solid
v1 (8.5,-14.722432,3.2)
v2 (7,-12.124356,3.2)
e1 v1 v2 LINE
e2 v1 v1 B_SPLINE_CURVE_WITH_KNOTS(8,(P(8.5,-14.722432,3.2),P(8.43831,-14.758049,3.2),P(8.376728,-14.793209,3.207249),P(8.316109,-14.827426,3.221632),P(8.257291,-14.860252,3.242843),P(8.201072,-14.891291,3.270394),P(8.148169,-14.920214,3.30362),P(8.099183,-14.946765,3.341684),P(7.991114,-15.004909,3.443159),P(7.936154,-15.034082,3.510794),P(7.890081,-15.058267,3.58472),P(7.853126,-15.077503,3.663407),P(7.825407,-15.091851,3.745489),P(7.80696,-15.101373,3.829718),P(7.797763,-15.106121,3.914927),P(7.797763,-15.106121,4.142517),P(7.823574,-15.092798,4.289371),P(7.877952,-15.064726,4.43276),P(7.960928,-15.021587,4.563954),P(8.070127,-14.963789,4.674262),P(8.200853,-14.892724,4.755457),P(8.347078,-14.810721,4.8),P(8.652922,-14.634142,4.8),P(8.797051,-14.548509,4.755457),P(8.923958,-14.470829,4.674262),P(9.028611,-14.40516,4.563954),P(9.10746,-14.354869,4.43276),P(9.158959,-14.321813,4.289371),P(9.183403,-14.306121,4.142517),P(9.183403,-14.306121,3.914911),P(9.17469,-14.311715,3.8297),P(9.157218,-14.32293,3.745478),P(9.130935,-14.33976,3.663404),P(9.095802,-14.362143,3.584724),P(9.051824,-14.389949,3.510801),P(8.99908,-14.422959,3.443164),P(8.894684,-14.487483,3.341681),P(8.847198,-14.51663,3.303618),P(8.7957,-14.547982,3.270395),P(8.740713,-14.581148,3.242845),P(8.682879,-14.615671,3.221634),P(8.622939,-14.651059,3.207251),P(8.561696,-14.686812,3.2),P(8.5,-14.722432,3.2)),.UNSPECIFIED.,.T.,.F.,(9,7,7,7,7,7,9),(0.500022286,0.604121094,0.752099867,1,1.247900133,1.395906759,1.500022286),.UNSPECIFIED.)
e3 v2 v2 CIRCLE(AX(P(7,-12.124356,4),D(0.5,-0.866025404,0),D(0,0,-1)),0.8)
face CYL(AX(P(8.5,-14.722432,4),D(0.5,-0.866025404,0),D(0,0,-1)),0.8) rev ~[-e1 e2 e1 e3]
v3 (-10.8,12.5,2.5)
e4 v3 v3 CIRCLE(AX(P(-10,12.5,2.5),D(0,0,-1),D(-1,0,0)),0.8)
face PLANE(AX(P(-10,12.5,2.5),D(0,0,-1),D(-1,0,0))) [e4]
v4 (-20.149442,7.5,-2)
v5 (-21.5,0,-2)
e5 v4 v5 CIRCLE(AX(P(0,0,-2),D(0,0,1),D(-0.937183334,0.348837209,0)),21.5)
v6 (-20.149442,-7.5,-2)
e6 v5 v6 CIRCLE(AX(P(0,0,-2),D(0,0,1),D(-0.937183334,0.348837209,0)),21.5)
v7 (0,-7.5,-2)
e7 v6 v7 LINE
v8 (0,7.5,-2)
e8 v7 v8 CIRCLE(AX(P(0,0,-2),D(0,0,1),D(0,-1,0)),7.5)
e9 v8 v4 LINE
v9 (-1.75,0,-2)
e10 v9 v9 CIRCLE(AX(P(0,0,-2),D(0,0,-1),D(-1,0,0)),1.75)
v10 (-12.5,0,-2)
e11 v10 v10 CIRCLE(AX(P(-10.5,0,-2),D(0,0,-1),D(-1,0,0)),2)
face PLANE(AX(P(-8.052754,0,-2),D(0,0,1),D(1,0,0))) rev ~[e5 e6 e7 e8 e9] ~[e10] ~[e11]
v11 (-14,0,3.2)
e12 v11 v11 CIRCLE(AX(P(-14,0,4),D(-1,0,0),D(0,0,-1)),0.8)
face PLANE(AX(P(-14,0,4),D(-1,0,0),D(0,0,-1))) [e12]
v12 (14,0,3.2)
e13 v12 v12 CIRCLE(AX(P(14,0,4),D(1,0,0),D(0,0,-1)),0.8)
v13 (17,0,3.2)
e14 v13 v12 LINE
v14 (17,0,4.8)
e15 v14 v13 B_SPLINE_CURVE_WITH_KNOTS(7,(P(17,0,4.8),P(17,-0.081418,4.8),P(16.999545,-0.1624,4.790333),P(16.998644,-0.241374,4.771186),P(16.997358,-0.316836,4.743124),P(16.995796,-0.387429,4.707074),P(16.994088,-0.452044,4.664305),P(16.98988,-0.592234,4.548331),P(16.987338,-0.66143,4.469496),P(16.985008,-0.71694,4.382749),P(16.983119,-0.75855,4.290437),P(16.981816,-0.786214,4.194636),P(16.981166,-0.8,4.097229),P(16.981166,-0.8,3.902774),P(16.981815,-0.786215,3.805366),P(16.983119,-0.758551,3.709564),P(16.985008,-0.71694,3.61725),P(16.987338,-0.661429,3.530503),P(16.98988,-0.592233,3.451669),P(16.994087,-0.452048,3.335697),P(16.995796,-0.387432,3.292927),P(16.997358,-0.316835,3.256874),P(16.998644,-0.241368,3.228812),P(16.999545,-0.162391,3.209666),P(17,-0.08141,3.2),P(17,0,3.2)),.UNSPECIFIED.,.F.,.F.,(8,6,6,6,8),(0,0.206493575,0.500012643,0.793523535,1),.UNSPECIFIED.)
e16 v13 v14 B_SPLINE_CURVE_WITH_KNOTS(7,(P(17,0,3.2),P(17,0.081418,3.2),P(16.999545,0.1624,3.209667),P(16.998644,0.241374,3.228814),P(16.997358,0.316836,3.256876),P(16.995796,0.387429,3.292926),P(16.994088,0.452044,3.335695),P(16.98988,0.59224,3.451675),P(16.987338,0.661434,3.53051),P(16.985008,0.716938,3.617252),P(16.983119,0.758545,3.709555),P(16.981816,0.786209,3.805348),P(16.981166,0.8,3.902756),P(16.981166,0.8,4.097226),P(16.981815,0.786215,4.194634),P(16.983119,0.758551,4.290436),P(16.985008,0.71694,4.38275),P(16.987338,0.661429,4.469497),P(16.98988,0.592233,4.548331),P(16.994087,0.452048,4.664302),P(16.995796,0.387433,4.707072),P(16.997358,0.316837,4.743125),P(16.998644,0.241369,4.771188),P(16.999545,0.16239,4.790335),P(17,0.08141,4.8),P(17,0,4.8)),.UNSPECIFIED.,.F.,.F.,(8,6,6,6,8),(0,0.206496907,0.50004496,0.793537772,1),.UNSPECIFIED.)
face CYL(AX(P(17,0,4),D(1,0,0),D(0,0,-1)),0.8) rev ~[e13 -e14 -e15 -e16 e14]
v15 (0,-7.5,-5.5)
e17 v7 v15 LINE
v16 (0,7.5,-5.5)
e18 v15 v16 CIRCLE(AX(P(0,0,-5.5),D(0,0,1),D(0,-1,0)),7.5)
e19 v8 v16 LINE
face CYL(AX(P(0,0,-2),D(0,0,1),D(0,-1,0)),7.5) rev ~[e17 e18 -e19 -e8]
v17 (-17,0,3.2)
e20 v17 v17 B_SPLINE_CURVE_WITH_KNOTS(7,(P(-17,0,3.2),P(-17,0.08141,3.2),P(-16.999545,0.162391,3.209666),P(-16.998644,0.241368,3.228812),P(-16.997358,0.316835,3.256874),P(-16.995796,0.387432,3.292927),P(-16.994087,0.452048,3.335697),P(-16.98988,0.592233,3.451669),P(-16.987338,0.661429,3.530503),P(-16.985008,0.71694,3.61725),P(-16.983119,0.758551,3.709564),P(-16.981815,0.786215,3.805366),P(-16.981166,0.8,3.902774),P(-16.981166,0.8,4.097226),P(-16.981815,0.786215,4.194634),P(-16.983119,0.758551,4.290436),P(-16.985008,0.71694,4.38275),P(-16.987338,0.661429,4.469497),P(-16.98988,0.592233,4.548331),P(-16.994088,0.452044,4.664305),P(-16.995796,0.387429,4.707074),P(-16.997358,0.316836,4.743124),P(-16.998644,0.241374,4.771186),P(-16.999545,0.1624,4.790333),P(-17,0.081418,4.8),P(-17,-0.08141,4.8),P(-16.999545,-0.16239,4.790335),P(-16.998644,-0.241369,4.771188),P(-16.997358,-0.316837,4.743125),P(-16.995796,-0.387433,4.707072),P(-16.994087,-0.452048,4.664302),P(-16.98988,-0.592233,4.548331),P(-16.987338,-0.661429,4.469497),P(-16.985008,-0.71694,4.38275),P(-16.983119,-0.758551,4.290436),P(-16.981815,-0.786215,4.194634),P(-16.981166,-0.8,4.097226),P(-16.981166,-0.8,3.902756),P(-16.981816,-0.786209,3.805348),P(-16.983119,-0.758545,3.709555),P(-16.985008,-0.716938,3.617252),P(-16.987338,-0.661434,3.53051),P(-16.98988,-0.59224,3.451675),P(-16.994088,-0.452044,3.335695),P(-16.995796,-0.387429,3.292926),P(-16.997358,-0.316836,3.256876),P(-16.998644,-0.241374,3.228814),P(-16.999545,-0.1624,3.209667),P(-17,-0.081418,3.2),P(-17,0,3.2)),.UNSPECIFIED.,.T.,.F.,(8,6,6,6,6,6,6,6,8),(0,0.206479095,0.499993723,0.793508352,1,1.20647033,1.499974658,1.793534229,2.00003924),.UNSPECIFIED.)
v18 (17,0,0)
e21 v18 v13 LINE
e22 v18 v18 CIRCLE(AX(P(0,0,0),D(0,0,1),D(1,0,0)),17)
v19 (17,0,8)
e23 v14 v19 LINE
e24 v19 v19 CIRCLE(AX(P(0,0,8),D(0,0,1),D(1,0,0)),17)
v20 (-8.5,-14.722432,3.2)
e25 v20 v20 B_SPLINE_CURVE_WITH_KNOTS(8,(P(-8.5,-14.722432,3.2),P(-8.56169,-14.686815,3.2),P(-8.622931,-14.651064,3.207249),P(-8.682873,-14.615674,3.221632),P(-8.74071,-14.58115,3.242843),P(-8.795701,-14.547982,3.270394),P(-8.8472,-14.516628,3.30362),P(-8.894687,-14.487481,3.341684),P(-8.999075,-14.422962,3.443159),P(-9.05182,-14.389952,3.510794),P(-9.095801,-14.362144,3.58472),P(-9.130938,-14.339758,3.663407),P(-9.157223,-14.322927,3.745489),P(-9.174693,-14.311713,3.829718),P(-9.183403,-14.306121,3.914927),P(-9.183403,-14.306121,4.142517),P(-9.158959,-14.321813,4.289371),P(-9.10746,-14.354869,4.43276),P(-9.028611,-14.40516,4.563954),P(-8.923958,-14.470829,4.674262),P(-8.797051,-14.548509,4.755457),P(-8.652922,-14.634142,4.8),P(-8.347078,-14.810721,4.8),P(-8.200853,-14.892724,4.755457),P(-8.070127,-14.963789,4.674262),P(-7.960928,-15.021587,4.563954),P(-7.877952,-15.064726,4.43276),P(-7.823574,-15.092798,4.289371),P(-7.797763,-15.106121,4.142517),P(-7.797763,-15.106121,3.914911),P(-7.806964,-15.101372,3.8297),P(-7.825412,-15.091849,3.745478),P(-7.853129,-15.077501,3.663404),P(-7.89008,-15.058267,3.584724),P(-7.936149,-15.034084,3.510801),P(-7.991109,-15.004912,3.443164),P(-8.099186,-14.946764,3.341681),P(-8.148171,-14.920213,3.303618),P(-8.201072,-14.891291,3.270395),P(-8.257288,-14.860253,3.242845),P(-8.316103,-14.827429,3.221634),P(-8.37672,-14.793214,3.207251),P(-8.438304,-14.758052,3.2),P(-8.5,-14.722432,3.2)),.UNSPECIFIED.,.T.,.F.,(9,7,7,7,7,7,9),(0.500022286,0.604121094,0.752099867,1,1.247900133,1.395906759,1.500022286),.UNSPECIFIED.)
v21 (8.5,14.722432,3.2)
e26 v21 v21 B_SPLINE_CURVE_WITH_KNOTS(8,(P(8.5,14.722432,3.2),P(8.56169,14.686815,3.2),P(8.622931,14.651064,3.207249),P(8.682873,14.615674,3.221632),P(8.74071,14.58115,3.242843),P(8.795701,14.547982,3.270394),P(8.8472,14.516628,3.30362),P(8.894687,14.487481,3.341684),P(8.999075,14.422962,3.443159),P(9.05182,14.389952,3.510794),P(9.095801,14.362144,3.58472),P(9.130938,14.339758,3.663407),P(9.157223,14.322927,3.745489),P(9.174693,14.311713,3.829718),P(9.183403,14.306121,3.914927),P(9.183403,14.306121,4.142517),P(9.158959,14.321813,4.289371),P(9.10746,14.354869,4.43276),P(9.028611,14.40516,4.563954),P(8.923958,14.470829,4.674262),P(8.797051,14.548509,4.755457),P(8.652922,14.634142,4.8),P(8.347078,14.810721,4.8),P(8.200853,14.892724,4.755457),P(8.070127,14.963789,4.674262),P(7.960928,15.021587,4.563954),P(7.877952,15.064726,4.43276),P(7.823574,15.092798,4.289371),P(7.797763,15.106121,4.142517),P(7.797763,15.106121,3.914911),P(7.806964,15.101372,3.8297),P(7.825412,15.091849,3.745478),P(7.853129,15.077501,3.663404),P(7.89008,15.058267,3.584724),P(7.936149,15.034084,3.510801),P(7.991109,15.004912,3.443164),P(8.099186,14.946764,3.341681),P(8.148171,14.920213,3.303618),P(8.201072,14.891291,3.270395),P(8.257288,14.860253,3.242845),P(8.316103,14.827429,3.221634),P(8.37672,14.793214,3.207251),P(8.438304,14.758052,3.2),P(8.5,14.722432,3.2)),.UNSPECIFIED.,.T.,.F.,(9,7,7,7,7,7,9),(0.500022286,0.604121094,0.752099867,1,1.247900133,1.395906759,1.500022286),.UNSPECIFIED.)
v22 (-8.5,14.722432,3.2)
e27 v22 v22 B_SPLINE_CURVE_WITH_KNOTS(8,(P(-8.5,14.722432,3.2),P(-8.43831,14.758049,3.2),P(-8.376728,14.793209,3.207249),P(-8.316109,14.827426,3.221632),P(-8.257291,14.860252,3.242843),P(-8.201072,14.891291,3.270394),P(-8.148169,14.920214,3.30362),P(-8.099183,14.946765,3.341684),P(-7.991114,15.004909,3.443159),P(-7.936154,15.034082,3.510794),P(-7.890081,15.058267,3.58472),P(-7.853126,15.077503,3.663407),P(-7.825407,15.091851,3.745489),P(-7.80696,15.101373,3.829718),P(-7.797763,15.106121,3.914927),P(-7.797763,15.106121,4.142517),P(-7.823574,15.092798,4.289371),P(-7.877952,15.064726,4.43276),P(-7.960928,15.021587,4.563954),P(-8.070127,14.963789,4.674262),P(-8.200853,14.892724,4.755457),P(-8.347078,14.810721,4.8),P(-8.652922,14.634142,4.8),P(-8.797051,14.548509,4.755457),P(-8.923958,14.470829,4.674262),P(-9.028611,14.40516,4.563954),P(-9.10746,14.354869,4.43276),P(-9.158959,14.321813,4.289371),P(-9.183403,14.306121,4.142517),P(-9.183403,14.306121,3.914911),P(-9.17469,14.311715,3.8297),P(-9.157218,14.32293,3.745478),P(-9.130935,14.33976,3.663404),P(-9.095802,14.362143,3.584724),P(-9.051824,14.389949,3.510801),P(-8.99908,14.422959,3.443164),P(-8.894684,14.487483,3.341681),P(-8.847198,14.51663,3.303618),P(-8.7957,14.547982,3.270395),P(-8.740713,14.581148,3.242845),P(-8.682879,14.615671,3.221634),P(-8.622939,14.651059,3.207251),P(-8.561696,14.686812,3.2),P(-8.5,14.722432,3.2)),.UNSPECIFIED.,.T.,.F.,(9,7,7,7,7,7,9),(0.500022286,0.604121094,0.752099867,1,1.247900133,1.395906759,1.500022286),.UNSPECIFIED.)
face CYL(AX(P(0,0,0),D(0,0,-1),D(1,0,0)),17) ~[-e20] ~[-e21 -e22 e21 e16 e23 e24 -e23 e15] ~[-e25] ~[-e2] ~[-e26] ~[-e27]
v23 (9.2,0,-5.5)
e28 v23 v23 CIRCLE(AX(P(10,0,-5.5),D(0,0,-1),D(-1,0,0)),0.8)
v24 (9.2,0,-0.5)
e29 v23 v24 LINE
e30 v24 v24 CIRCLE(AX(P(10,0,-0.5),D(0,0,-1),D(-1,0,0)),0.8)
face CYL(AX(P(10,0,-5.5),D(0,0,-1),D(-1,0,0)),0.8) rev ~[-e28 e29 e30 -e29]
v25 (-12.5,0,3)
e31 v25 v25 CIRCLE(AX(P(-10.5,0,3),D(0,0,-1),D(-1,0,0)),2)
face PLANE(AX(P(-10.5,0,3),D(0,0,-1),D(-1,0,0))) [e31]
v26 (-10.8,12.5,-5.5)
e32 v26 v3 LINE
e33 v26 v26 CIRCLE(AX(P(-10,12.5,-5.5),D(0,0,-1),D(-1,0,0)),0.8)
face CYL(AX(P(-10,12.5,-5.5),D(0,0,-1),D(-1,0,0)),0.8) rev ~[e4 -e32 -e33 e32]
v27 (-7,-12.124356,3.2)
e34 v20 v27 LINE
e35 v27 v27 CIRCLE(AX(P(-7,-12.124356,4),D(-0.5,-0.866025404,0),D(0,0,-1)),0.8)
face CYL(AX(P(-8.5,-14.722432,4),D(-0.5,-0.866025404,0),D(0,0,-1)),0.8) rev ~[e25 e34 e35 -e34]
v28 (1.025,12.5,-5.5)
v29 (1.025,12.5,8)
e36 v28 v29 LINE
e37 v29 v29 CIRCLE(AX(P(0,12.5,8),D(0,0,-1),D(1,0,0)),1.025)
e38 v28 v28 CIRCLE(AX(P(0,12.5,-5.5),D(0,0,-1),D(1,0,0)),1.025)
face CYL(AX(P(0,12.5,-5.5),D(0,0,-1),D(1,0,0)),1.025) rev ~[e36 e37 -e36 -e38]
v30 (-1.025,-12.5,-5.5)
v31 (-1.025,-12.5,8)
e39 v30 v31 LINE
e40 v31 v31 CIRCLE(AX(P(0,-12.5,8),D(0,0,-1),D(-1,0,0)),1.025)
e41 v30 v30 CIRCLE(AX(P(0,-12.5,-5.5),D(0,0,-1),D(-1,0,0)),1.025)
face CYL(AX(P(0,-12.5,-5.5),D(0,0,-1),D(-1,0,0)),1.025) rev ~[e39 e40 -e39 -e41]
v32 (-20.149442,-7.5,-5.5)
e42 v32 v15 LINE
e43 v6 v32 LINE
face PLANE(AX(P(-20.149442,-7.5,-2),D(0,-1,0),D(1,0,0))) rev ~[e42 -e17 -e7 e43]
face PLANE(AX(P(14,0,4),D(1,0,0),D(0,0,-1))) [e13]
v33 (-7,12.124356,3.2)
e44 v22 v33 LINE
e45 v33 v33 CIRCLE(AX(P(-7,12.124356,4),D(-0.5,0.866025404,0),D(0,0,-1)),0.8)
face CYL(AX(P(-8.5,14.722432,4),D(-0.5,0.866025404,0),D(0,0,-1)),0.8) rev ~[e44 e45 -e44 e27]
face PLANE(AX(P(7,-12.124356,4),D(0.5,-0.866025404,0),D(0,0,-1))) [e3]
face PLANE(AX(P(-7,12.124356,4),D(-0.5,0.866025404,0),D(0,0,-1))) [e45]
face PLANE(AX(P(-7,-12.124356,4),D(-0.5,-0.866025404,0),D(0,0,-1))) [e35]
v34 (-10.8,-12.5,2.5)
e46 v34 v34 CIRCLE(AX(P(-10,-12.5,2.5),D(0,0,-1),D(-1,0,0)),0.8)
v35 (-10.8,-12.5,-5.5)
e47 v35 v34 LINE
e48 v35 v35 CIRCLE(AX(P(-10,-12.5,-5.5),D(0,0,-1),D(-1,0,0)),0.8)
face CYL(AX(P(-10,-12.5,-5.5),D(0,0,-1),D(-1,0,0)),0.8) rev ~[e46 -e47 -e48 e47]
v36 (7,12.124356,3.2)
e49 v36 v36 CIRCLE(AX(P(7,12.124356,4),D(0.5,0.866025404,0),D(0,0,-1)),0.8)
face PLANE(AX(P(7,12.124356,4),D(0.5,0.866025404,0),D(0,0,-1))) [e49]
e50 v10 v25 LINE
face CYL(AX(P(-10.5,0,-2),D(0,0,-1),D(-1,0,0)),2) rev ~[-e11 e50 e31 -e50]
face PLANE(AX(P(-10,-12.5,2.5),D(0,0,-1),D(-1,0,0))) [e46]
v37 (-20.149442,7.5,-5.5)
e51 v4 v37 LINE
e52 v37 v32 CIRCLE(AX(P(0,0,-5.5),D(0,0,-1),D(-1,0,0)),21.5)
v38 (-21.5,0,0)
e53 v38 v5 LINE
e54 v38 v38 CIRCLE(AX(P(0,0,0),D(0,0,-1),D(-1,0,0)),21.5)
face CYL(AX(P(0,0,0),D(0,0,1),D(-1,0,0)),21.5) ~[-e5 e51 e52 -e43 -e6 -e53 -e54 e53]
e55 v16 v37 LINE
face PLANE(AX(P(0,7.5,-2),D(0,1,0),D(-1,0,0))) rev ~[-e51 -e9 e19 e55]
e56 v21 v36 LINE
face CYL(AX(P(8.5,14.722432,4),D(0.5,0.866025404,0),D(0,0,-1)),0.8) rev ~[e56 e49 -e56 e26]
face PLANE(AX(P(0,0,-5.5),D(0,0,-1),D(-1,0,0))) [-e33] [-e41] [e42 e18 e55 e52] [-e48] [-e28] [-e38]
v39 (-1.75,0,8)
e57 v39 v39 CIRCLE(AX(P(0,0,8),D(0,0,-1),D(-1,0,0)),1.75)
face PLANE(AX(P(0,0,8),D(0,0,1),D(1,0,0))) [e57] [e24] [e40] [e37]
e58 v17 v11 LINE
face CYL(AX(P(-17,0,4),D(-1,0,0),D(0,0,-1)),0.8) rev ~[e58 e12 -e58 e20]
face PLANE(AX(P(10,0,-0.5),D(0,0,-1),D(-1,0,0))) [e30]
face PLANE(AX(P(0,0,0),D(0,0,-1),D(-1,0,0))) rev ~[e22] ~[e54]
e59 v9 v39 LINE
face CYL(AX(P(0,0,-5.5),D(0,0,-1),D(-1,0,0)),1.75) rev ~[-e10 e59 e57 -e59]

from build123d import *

# Parameters (mm, degrees)
SKETCH_1_R               = 17
EXTRUDE_1_DEPTH          = 8
SKETCH_2_R               = 21.5
EXTRUDE_2_DEPTH          = 5.5
SKETCH_3_R               = 1.75
CUT_EXTRUDE_1_DEPTH      = 34.26785235
CUT_EXTRUDE_START        = -3.5
CUT_EXTRUDE_2_DEPTH      = 3.5
SKETCH_5_R               = 1.025
CUT_EXTRUDE_3_DEPTH      = 34.26785235
SKETCH_5_3_R             = 0.8
CUT_EXTRUDE_4_DEPTH      = 8
SKETCH_6_R               = 0.8
CUT_EXTRUDE_5_DEPTH      = 3
PATTERN_CIRCULAR_1_COUNT = 6
SKETCH_7_R               = 2
CUT_EXTRUDE_6_DEPTH      = 5
SKETCH_8_R               = 0.8
CUT_EXTRUDE_7_DEPTH      = 5


with BuildPart() as part:
    # 草图1 → 凸台-拉伸1 (new body)
    with BuildSketch(Plane.XY):
        Circle(SKETCH_1_R)
    extrude(amount=EXTRUDE_1_DEPTH)

    # 草图2 → 凸台-拉伸2 (add)
    with BuildSketch(Plane(origin=(0, 0, 0), x_dir=(-1, 0, 0), z_dir=(0, 0, -1))):
        Circle(SKETCH_2_R)
    extrude(amount=EXTRUDE_2_DEPTH)

    # 草图3 → 切除-拉伸1 (cut, through all)
    with BuildSketch(Plane(origin=(0, 0, -5.5), x_dir=(-1, 0, 0), z_dir=(0, 0, -1))):
        Circle(SKETCH_3_R)
    extrude(amount=-CUT_EXTRUDE_1_DEPTH, mode=Mode.SUBTRACT)

    # 草图4 → 切除-拉伸2 (cut)
    with BuildSketch(Plane(origin=(0, 0, -5.5), x_dir=(-1, 0, 0), z_dir=(0, 0, -1)).offset(CUT_EXTRUDE_START)):
        with BuildLine():
            Line((0, 7.5), (20.14944168, 7.5))
            ThreePointArc((20.14944168, 7.5), (21.5, 0), (20.14944168, -7.5))
            Line((20.14944168, -7.5), (0, -7.5))
            ThreePointArc((0, -7.5), (-7.5, 0), (0, 7.5))
        make_face()
    extrude(amount=CUT_EXTRUDE_2_DEPTH, mode=Mode.SUBTRACT)

    # 草图5 → 切除-拉伸3 (cut, through all)
    with BuildSketch(Plane(origin=(0, 0, -5.5), x_dir=(-1, 0, 0), z_dir=(0, 0, -1))):
        with Locations((0, -12.5)):
            Circle(SKETCH_5_R)
        with Locations((0, 12.5)):
            Circle(SKETCH_5_R)
    extrude(amount=-CUT_EXTRUDE_3_DEPTH, mode=Mode.SUBTRACT)

    # 草图5<3> → 切除-拉伸4 (cut)
    with BuildSketch(Plane(origin=(0, 0, -5.5), x_dir=(-1, 0, 0), z_dir=(0, 0, -1))):
        with Locations((10, -12.5)):
            Circle(SKETCH_5_3_R)
        with Locations((10, 12.5)):
            Circle(SKETCH_5_3_R)
    extrude(amount=-CUT_EXTRUDE_4_DEPTH, mode=Mode.SUBTRACT)

    # 草图6 → 切除-拉伸5 (cut)
    with BuildSketch(Plane(origin=(17, 0, 0), x_dir=(0, 0, -1), z_dir=(1, 0, 0))):
        with Locations((-4, 0)):
            Circle(SKETCH_6_R)
    cut_extrude_5 = extrude(amount=-CUT_EXTRUDE_5_DEPTH, mode=Mode.SUBTRACT)

    # 阵列(圆周)1: 切除-拉伸5 ×6 about axis
    pattern_circular_1_axis = Axis((0, 0, 8), (0, 0, -1))
    for i in range(1, PATTERN_CIRCULAR_1_COUNT):
        add(cut_extrude_5.rotate(pattern_circular_1_axis, i * 360 / PATTERN_CIRCULAR_1_COUNT), mode=Mode.SUBTRACT)

    # 草图7 → 切除-拉伸6 (cut)
    with BuildSketch(Plane(origin=(0, 0, -2), x_dir=(-1, 0, 0), z_dir=(0, 0, -1))):
        with Locations((10.5, 0)):
            Circle(SKETCH_7_R)
    extrude(amount=-CUT_EXTRUDE_6_DEPTH, mode=Mode.SUBTRACT)

    # 草图8 → 切除-拉伸7 (cut)
    with BuildSketch(Plane(origin=(0, 0, -5.5), x_dir=(-1, 0, 0), z_dir=(0, 0, -1))):
        with Locations((-10, 0)):
            Circle(SKETCH_8_R)
    extrude(amount=-CUT_EXTRUDE_7_DEPTH, mode=Mode.SUBTRACT)


solid = part.part
